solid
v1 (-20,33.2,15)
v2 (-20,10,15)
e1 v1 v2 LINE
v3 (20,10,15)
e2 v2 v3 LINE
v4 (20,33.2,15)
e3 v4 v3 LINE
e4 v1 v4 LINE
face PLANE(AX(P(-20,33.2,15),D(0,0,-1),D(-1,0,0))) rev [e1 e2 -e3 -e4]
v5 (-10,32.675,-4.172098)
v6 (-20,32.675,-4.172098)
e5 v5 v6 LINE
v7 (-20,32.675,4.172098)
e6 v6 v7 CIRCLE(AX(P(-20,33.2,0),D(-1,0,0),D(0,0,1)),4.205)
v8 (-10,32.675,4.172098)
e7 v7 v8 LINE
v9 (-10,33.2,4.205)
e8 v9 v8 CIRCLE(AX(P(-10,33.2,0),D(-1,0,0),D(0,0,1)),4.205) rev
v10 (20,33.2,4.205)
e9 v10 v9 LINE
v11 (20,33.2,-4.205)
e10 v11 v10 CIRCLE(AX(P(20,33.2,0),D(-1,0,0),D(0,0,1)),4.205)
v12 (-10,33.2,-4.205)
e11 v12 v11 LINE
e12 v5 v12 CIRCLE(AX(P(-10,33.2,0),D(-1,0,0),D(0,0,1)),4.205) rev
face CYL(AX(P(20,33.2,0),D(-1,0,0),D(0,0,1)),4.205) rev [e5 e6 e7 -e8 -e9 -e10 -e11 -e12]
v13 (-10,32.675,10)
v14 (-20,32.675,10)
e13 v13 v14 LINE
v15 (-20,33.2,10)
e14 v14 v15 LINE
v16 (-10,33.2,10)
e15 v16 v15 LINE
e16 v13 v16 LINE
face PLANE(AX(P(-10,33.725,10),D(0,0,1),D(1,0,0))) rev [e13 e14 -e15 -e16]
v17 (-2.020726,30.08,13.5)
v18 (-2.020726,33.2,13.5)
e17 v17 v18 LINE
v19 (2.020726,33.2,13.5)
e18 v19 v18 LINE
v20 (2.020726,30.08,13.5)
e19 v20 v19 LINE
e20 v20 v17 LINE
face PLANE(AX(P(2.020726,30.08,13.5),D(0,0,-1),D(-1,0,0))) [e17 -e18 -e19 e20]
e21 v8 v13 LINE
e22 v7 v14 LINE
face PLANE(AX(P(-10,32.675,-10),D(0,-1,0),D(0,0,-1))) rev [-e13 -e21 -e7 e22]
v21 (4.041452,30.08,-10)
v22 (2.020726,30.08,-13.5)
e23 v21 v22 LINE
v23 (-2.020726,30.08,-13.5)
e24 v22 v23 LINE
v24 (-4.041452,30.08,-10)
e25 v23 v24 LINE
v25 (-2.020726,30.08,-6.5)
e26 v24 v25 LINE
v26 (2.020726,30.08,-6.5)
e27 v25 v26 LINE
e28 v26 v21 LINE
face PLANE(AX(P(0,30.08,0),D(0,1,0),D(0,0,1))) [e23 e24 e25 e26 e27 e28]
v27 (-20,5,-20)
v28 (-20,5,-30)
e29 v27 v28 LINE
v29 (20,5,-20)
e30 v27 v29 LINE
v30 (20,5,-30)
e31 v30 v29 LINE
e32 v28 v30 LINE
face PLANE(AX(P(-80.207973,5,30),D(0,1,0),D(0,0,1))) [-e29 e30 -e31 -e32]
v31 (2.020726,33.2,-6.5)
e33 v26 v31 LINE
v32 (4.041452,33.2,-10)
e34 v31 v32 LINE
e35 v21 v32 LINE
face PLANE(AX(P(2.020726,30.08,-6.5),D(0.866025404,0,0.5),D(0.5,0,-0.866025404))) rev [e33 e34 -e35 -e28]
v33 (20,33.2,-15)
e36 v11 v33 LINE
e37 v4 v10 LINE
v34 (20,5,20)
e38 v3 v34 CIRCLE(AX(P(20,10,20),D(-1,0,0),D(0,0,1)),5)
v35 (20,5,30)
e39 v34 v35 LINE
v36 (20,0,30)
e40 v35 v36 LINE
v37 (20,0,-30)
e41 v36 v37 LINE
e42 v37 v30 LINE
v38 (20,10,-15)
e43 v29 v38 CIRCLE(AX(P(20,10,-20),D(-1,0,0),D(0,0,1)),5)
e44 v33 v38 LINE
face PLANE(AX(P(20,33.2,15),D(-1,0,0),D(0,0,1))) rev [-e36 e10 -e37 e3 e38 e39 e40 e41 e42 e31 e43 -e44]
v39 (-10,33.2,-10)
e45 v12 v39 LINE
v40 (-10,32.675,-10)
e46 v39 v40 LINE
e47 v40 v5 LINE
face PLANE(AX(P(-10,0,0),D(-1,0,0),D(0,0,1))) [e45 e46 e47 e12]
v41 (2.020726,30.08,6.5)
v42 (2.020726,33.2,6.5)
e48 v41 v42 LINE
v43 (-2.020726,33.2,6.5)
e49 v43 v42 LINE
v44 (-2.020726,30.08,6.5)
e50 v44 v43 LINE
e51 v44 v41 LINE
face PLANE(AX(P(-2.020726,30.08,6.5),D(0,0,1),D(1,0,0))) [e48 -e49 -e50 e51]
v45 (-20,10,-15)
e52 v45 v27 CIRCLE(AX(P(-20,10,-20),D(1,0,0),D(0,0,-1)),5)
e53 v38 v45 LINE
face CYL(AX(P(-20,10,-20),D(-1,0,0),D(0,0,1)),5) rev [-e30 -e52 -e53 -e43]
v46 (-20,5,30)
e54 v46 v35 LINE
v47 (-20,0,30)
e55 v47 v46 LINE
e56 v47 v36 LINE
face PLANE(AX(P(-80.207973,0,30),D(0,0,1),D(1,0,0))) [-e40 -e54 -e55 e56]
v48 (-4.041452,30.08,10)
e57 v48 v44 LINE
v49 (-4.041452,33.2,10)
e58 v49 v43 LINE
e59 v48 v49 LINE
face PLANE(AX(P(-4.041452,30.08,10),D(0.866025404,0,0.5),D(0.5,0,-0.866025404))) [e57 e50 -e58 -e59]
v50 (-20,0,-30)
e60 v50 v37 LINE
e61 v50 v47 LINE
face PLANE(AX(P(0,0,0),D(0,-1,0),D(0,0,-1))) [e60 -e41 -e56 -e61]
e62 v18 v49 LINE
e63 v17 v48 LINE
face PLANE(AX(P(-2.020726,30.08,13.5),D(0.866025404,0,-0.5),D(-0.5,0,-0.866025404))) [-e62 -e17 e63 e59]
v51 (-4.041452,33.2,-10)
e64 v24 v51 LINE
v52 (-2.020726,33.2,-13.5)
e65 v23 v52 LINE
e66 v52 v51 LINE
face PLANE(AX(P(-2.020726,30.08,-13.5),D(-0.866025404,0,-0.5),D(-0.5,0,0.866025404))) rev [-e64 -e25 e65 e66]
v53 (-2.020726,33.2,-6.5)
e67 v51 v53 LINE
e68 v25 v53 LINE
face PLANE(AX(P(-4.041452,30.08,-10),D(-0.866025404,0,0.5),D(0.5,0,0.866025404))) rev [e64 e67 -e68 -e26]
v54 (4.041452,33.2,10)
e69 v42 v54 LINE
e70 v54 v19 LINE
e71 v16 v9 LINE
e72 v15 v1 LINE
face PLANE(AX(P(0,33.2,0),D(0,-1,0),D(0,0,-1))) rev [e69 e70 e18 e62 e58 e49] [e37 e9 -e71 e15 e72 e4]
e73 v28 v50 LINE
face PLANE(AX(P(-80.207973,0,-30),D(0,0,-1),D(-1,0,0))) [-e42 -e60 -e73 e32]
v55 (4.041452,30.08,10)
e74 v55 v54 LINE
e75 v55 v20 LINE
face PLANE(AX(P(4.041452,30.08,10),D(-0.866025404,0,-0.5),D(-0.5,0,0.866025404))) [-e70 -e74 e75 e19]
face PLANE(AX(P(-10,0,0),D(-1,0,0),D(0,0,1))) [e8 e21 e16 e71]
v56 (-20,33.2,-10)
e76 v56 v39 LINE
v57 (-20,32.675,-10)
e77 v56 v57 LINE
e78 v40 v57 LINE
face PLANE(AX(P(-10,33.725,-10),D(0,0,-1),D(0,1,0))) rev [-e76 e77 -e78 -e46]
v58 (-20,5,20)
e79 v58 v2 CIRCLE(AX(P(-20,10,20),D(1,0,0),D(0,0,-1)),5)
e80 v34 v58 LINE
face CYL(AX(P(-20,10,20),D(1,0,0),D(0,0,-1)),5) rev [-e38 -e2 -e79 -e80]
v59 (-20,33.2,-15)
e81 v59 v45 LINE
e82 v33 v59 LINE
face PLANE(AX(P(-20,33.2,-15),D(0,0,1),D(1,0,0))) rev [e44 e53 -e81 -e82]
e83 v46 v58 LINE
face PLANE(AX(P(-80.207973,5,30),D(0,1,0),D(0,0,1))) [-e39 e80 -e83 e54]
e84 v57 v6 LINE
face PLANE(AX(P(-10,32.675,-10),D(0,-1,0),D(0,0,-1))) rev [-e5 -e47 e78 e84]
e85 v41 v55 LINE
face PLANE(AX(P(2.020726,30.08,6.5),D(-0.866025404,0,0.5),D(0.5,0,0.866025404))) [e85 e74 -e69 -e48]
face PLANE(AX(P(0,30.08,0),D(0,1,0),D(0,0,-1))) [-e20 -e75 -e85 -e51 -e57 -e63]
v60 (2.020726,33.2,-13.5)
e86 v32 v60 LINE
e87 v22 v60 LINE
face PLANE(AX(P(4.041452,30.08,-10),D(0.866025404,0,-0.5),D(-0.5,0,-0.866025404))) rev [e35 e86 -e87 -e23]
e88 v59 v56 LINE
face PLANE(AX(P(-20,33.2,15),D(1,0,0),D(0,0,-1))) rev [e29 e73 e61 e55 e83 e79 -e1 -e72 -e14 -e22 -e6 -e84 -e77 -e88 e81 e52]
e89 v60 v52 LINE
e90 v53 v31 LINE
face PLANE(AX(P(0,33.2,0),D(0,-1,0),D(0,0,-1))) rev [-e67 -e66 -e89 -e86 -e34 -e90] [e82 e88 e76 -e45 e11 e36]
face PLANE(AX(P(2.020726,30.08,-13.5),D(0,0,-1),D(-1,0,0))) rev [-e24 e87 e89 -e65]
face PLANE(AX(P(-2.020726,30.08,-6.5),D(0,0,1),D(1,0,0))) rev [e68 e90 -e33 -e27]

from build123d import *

# Parameters (mm, degrees)
SKETCH1_W           = 40
SKETCH1_H           = 30
BOSS_EXTRUDE1_DEPTH = 33.2
SKETCH2_R           = 4.205
CUT_EXTRUDE1_DEPTH  = 55.103973976
CUT_EXTRUDE2_DEPTH  = 3.12
SKETCH4_W           = 60
SKETCH4_H           = 5
BOSS_EXTRUDE2_DEPTH = 40
FILLET1_R           = 5
SKETCH5_W           = 20
SKETCH5_H           = 1.05
CUT_EXTRUDE3_DEPTH  = 10


with BuildPart() as part:
    # Sketch1 → Boss-Extrude1 (new body)
    with BuildSketch(Plane(origin=(0, 0, 0), x_dir=(1, 0, 0), z_dir=(0, 1, 0))):
        Rectangle(SKETCH1_W, SKETCH1_H)
    extrude(amount=BOSS_EXTRUDE1_DEPTH)

    # Sketch2 → Cut-Extrude1 (cut, through all)
    with BuildSketch(Plane.ZY.offset(20)):
        with Locations((0, 33.2)):
            Circle(SKETCH2_R)
    extrude(amount=-CUT_EXTRUDE1_DEPTH, mode=Mode.SUBTRACT)

    # Sketch3 → Cut-Extrude2 (cut)
    with BuildSketch(Plane(origin=(0, 33.2, 0), x_dir=(1, 0, 0), z_dir=(0, 1, 0))):
        Polygon((2.020725942, 6.5), (4.041451884, 10), (2.020725942, 13.5), (-2.020725942, 13.5), (-4.041451884, 10), (-2.020725942, 6.5), align=None)
    cut_extrude2 = extrude(amount=-CUT_EXTRUDE2_DEPTH, mode=Mode.SUBTRACT)

    # Mirror1: Cut-Extrude2 across plane
    add(cut_extrude2.mirror(Plane.XY), mode=Mode.SUBTRACT)

    # Sketch4 → Boss-Extrude2 (add)
    with BuildSketch(Plane(origin=(20, 0, 0), x_dir=(0, 0, -1), z_dir=(1, 0, 0))):
        with Locations((0, 2.5)):
            Rectangle(SKETCH4_W, SKETCH4_H)
    extrude(amount=-BOSS_EXTRUDE2_DEPTH)

    # Fillet1
    fillet1_edges = [part.edges().sort_by_distance(p)[0] for p in [
        (0, 5, -15),
        (0, 5, 15),
    ]]
    fillet(fillet1_edges, radius=FILLET1_R)

    # Sketch5 → Cut-Extrude3 (cut)
    with BuildSketch(Plane.ZY.offset(20)):
        with Locations((0, 33.2)):
            Rectangle(SKETCH5_W, SKETCH5_H)
    extrude(amount=-CUT_EXTRUDE3_DEPTH, mode=Mode.SUBTRACT)


solid = part.part
